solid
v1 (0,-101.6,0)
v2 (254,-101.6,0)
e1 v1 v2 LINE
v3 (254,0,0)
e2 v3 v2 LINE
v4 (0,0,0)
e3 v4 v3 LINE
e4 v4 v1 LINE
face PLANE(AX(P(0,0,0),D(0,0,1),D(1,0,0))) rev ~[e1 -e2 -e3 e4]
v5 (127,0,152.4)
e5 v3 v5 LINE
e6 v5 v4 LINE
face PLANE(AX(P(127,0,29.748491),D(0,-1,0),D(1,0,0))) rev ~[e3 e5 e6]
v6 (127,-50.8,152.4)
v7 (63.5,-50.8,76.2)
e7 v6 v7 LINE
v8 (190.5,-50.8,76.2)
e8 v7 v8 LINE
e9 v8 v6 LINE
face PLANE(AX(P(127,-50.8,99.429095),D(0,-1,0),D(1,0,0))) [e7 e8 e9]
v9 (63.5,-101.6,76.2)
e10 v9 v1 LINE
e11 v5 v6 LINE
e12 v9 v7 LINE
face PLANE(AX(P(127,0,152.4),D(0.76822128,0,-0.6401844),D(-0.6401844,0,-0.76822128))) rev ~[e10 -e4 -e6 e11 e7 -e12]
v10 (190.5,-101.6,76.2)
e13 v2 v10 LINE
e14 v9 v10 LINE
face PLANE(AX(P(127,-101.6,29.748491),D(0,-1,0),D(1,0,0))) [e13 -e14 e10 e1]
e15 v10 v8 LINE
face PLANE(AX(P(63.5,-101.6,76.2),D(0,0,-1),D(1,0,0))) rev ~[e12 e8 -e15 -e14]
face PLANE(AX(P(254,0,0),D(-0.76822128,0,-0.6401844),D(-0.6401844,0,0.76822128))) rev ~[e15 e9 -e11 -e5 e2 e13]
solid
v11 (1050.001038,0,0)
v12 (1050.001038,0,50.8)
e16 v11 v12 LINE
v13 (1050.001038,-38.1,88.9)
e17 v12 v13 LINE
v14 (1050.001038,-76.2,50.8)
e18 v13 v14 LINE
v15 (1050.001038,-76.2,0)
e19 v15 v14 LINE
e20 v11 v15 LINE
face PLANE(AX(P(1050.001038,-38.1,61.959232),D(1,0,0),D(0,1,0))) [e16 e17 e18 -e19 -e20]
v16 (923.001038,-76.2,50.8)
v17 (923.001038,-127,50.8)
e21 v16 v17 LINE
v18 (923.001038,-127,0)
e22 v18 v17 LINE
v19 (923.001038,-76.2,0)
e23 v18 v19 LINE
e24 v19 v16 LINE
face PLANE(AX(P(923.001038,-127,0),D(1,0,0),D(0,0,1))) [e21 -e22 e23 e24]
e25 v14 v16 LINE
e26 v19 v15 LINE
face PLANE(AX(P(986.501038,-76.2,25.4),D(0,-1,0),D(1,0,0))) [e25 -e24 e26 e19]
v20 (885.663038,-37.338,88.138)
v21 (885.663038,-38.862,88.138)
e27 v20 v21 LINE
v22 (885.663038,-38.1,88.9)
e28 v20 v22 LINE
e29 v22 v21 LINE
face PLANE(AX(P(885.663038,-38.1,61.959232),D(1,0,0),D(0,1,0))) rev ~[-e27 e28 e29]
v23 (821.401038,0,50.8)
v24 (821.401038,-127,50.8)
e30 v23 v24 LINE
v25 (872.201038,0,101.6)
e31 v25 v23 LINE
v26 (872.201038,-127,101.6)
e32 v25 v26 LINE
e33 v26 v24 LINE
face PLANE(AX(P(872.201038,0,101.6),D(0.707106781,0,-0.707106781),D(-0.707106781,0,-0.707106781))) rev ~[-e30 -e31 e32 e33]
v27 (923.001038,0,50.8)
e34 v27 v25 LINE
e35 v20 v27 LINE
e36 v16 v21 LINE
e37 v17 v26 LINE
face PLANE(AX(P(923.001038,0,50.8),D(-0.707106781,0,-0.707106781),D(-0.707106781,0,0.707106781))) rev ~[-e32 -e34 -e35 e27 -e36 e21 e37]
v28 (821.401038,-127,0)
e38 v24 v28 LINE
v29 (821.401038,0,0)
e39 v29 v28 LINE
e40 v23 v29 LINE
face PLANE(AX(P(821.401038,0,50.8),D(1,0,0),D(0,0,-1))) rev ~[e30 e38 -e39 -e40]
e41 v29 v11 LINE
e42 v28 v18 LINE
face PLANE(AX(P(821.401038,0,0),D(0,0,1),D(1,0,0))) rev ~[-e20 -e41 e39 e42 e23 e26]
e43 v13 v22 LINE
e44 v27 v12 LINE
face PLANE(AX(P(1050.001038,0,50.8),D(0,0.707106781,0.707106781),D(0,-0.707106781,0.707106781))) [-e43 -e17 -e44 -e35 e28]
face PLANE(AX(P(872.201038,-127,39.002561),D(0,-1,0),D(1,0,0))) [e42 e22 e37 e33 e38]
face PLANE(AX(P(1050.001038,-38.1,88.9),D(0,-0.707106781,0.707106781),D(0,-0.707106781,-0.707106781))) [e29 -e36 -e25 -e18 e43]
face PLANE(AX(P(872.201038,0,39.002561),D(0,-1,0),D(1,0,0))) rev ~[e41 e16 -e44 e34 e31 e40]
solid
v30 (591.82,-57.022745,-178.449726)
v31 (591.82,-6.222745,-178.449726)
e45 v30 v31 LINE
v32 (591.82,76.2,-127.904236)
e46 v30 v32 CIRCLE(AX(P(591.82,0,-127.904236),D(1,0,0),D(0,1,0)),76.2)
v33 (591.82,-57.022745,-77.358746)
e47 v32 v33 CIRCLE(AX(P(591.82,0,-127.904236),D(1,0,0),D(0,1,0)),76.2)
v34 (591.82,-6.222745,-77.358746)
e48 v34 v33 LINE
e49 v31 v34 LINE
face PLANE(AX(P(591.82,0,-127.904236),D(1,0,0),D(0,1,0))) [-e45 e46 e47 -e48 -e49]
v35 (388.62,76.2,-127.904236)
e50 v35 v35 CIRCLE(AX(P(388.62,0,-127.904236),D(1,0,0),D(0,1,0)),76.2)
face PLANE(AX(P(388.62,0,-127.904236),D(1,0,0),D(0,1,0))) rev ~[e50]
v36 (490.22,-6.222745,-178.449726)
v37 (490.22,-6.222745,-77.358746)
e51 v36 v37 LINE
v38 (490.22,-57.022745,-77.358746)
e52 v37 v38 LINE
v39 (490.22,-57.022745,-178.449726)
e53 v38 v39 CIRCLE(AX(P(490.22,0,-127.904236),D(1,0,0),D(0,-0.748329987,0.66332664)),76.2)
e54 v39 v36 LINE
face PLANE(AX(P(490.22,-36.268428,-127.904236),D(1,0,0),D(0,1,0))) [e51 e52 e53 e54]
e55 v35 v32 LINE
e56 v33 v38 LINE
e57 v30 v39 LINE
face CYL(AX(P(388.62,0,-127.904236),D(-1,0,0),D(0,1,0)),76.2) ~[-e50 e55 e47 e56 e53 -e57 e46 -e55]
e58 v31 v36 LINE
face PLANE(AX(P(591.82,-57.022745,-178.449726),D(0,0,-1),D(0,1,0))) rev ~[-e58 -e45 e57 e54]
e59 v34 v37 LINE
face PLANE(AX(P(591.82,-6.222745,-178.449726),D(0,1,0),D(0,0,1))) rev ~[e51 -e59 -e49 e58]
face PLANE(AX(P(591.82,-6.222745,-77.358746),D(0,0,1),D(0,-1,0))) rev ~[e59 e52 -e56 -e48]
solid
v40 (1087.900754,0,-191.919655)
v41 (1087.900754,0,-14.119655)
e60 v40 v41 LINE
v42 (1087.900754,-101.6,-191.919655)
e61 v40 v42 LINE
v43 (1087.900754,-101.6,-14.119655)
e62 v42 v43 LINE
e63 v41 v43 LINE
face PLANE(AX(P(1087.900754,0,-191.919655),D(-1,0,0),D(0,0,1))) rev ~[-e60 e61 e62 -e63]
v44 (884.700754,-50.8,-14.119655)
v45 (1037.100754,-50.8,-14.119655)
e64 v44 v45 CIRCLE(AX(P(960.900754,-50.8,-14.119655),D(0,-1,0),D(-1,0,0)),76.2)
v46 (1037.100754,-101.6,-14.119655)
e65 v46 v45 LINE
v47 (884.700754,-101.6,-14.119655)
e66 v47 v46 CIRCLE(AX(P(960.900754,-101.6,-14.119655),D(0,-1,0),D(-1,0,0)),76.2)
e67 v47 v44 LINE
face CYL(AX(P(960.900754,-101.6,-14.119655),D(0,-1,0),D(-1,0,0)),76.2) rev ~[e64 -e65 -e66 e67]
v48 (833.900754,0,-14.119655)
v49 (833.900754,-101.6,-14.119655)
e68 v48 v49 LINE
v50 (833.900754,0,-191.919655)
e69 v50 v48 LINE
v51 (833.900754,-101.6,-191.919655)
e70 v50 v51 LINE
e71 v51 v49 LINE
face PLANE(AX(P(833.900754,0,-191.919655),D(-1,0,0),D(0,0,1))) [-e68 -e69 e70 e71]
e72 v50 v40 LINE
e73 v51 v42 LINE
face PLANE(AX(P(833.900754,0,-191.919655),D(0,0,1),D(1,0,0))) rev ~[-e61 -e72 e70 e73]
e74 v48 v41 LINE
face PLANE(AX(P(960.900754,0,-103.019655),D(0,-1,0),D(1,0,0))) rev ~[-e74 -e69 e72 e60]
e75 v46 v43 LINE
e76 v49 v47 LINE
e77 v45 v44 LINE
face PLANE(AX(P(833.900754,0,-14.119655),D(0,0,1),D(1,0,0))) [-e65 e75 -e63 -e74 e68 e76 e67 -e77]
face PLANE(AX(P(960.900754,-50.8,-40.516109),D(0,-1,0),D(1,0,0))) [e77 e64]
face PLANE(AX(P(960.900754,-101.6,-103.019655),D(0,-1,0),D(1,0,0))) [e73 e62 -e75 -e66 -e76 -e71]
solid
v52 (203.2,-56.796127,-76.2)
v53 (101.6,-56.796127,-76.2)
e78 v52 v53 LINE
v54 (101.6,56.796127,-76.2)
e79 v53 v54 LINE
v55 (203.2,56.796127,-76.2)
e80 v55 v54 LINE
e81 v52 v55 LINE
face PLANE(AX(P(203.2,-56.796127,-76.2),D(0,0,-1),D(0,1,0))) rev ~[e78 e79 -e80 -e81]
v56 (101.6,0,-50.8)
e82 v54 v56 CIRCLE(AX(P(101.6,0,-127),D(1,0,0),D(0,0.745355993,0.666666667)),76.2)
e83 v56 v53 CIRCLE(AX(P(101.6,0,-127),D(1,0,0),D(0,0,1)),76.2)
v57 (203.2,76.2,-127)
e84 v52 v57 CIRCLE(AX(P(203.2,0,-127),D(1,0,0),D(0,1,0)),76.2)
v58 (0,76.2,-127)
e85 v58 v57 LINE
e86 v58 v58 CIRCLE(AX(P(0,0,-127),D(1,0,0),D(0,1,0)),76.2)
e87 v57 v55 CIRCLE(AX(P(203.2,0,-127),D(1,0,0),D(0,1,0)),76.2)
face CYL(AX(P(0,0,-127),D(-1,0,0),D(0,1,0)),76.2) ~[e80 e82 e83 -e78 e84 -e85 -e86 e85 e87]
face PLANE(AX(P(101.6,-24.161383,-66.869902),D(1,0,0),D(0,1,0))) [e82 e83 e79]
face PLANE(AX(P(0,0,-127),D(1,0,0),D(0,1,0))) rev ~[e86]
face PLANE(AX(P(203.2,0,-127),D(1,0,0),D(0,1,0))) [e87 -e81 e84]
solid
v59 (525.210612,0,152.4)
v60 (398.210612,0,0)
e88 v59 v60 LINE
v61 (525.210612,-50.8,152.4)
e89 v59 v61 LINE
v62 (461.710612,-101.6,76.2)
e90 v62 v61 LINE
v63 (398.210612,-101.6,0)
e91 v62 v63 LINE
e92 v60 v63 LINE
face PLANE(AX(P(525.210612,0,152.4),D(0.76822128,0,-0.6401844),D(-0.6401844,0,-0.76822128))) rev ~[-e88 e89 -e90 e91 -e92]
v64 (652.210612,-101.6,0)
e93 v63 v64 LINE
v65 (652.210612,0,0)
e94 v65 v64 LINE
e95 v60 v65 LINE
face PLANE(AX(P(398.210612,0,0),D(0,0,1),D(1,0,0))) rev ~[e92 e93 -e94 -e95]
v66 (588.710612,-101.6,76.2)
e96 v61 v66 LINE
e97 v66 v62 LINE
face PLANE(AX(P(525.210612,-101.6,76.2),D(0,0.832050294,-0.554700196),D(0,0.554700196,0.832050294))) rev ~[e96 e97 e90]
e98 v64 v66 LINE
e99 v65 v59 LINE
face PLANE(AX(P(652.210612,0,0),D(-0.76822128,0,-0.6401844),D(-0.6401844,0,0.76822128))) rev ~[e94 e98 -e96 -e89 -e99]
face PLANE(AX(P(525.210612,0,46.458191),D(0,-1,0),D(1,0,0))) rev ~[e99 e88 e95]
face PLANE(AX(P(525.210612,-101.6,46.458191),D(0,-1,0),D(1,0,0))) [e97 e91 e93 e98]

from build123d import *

# Parameters (mm, degrees)
F1_DEPTH  = 101.6
F3_DEPTH  = 50.8
F5_DEPTH  = 101.6
F7_DEPTH  = 101.6
F11_DEPTH = 63.5
F12_W     = 127
F12_H     = 50.8
F13_DEPTH = 127
F15_DEPTH = 164.338
F16_W     = 127
F16_H     = 50.8
F17_DEPTH = 50.8
F18_R     = 76.2
F19_DEPTH = 203.2
F21_DEPTH = 101.6
F23_R     = 76.2
F24_DEPTH = 203.2
F26_DEPTH = 101.6
F27_W     = 254
F27_H     = 177.8
F28_DEPTH = 101.6
F30_DEPTH = 50.8


with BuildPart() as f1:
    # F0 (on Front) → F1 (new body)
    with BuildSketch(Plane.XZ):
        Polygon((63.5, 76.2), (0, 0), (254, 0), (190.5, 76.2), (127, 76.2), align=None)
        Polygon((127, 152.4), (63.5, 76.2), (127, 76.2), (190.5, 76.2), align=None)
    extrude(amount=F1_DEPTH)

    # F2 (on face) → F3 (cut)
    with BuildSketch(Plane.XZ.offset(101.6)):
        Polygon((63.5, 76.2), (127, 76.2), (190.5, 76.2), (127, 152.4), align=None)
    extrude(amount=-F3_DEPTH, mode=Mode.SUBTRACT)

    # F6 (on face) → F7 (cut)
    with BuildSketch(Plane(origin=(384.9111806809, 0, 320.759317234), x_dir=(0, 1, 0), z_dir=(0.7682212796, 0, 0.6401843997))):
        Polygon((-101.6, -219.1547171438), (-101.6, -318.3448880279), (-50.8, -219.1547171438), align=None)
    extrude(amount=F7_DEPTH, mode=Mode.SUBTRACT)


with BuildPart() as f5:
    # F4 (on Front) → F5 (new body)
    with BuildSketch(Plane.XZ):
        Polygon((525.2106117092, 152.4), (398.2106117092, 0), (652.2106117092, 0), align=None)
    extrude(amount=F5_DEPTH)

    # F10 (on 3pt) → F11 (cut, symmetric)
    with BuildSketch(Plane.YZ.offset(525.2106117092)):
        Polygon((-50.8, 152.4), (-101.6, 152.4), (-101.6, 76.2), align=None)
    extrude(amount=F11_DEPTH, both=True, mode=Mode.SUBTRACT)


with BuildPart() as f13:
    # F12 (on Front) → F13 (new body)
    with BuildSketch(Plane.XZ):
        Polygon((821.4010382175, 0), (923.0010382175, 0), (923.0010382175, 50.8), (872.2010382175, 101.6), (821.4010382175, 50.8), align=None)
        with Locations((986.5010382175, 25.4)):
            Rectangle(F12_W, F12_H)
    extrude(amount=F13_DEPTH)

    # F14 (on face) → F15 (join)
    with BuildSketch(Plane.YZ.offset(1050.0010382175)):
        Polygon((-38.1, 88.9), (-76.2, 50.8), (0, 50.8), align=None)
    extrude(amount=-F15_DEPTH)

    # F16 (on face) → F17 (cut)
    with BuildSketch(Plane.XZ.offset(127)):
        with Locations((986.5010382175, 25.4)):
            Rectangle(F16_W, F16_H)
    extrude(amount=-F17_DEPTH, mode=Mode.SUBTRACT)


with BuildPart() as f19:
    # F18 (on Right) → F19 (new body)
    with BuildSketch(Plane.YZ):
        with Locations((0, -127)):
            Circle(F18_R)
    extrude(amount=F19_DEPTH)

    # F20 (on face) → F21 (cut)
    with BuildSketch(Plane.YZ.offset(203.2)):
        with BuildLine():
            Line((-56.7961266285, -76.2), (0, -76.2))
            Line((0, -76.2), (0, -50.8))
            ThreePointArc((0, -50.8), (-31.1085197333, -57.4392351968), (-56.7961266285, -76.2))
        make_face()
        with BuildLine():
            Line((0, -50.8), (0, -76.2))
            Line((0, -76.2), (56.7961266285, -76.2))
            ThreePointArc((56.7961266285, -76.2), (31.1085197333, -57.4392351968), (0, -50.8))
        make_face()
    extrude(amount=-F21_DEPTH, mode=Mode.SUBTRACT)


with BuildPart() as f24:
    # F23 (on offset) → F24 (new body)
    with BuildSketch(Plane.YZ.offset(388.62)):
        with Locations((0, -127.9042363167)):
            Circle(F23_R)
    extrude(amount=F24_DEPTH)

    # F25 (on face) → F26 (cut)
    with BuildSketch(Plane.YZ.offset(591.82)):
        with BuildLine():
            Line((-57.0227449789, -178.4497262745), (-6.2227449789, -178.4497262745))
            Line((-6.2227449789, -178.4497262745), (-6.2227449789, -77.3587463589))
            Line((-6.2227449789, -77.3587463589), (-57.0227449789, -77.3587463589))
            ThreePointArc((-57.0227449789, -77.3587463589), (-76.2, -127.9042363167), (-57.0227449789, -178.4497262745))
        make_face()
    extrude(amount=-F26_DEPTH, mode=Mode.SUBTRACT)


with BuildPart() as f28:
    # F27 (on Front) → F28 (new body)
    with BuildSketch(Plane.XZ):
        with Locations((960.9007537365, -103.0196546078)):
            Rectangle(F27_W, F27_H)
    extrude(amount=F28_DEPTH)

    # F29 (on face) → F30 (cut)
    with BuildSketch(Plane.XZ.offset(101.6)):
        with BuildLine():
            ThreePointArc((884.7007537365, -14.1196546078), (960.9007537365, -90.3196546078), (1037.1007537365, -14.1196546078))
            Line((1037.1007537365, -14.1196546078), (884.7007537365, -14.1196546078))
        make_face()
    extrude(amount=-F30_DEPTH, mode=Mode.SUBTRACT)


solid = Compound([f1.part, f5.part, f13.part, f19.part, f24.part, f28.part])
